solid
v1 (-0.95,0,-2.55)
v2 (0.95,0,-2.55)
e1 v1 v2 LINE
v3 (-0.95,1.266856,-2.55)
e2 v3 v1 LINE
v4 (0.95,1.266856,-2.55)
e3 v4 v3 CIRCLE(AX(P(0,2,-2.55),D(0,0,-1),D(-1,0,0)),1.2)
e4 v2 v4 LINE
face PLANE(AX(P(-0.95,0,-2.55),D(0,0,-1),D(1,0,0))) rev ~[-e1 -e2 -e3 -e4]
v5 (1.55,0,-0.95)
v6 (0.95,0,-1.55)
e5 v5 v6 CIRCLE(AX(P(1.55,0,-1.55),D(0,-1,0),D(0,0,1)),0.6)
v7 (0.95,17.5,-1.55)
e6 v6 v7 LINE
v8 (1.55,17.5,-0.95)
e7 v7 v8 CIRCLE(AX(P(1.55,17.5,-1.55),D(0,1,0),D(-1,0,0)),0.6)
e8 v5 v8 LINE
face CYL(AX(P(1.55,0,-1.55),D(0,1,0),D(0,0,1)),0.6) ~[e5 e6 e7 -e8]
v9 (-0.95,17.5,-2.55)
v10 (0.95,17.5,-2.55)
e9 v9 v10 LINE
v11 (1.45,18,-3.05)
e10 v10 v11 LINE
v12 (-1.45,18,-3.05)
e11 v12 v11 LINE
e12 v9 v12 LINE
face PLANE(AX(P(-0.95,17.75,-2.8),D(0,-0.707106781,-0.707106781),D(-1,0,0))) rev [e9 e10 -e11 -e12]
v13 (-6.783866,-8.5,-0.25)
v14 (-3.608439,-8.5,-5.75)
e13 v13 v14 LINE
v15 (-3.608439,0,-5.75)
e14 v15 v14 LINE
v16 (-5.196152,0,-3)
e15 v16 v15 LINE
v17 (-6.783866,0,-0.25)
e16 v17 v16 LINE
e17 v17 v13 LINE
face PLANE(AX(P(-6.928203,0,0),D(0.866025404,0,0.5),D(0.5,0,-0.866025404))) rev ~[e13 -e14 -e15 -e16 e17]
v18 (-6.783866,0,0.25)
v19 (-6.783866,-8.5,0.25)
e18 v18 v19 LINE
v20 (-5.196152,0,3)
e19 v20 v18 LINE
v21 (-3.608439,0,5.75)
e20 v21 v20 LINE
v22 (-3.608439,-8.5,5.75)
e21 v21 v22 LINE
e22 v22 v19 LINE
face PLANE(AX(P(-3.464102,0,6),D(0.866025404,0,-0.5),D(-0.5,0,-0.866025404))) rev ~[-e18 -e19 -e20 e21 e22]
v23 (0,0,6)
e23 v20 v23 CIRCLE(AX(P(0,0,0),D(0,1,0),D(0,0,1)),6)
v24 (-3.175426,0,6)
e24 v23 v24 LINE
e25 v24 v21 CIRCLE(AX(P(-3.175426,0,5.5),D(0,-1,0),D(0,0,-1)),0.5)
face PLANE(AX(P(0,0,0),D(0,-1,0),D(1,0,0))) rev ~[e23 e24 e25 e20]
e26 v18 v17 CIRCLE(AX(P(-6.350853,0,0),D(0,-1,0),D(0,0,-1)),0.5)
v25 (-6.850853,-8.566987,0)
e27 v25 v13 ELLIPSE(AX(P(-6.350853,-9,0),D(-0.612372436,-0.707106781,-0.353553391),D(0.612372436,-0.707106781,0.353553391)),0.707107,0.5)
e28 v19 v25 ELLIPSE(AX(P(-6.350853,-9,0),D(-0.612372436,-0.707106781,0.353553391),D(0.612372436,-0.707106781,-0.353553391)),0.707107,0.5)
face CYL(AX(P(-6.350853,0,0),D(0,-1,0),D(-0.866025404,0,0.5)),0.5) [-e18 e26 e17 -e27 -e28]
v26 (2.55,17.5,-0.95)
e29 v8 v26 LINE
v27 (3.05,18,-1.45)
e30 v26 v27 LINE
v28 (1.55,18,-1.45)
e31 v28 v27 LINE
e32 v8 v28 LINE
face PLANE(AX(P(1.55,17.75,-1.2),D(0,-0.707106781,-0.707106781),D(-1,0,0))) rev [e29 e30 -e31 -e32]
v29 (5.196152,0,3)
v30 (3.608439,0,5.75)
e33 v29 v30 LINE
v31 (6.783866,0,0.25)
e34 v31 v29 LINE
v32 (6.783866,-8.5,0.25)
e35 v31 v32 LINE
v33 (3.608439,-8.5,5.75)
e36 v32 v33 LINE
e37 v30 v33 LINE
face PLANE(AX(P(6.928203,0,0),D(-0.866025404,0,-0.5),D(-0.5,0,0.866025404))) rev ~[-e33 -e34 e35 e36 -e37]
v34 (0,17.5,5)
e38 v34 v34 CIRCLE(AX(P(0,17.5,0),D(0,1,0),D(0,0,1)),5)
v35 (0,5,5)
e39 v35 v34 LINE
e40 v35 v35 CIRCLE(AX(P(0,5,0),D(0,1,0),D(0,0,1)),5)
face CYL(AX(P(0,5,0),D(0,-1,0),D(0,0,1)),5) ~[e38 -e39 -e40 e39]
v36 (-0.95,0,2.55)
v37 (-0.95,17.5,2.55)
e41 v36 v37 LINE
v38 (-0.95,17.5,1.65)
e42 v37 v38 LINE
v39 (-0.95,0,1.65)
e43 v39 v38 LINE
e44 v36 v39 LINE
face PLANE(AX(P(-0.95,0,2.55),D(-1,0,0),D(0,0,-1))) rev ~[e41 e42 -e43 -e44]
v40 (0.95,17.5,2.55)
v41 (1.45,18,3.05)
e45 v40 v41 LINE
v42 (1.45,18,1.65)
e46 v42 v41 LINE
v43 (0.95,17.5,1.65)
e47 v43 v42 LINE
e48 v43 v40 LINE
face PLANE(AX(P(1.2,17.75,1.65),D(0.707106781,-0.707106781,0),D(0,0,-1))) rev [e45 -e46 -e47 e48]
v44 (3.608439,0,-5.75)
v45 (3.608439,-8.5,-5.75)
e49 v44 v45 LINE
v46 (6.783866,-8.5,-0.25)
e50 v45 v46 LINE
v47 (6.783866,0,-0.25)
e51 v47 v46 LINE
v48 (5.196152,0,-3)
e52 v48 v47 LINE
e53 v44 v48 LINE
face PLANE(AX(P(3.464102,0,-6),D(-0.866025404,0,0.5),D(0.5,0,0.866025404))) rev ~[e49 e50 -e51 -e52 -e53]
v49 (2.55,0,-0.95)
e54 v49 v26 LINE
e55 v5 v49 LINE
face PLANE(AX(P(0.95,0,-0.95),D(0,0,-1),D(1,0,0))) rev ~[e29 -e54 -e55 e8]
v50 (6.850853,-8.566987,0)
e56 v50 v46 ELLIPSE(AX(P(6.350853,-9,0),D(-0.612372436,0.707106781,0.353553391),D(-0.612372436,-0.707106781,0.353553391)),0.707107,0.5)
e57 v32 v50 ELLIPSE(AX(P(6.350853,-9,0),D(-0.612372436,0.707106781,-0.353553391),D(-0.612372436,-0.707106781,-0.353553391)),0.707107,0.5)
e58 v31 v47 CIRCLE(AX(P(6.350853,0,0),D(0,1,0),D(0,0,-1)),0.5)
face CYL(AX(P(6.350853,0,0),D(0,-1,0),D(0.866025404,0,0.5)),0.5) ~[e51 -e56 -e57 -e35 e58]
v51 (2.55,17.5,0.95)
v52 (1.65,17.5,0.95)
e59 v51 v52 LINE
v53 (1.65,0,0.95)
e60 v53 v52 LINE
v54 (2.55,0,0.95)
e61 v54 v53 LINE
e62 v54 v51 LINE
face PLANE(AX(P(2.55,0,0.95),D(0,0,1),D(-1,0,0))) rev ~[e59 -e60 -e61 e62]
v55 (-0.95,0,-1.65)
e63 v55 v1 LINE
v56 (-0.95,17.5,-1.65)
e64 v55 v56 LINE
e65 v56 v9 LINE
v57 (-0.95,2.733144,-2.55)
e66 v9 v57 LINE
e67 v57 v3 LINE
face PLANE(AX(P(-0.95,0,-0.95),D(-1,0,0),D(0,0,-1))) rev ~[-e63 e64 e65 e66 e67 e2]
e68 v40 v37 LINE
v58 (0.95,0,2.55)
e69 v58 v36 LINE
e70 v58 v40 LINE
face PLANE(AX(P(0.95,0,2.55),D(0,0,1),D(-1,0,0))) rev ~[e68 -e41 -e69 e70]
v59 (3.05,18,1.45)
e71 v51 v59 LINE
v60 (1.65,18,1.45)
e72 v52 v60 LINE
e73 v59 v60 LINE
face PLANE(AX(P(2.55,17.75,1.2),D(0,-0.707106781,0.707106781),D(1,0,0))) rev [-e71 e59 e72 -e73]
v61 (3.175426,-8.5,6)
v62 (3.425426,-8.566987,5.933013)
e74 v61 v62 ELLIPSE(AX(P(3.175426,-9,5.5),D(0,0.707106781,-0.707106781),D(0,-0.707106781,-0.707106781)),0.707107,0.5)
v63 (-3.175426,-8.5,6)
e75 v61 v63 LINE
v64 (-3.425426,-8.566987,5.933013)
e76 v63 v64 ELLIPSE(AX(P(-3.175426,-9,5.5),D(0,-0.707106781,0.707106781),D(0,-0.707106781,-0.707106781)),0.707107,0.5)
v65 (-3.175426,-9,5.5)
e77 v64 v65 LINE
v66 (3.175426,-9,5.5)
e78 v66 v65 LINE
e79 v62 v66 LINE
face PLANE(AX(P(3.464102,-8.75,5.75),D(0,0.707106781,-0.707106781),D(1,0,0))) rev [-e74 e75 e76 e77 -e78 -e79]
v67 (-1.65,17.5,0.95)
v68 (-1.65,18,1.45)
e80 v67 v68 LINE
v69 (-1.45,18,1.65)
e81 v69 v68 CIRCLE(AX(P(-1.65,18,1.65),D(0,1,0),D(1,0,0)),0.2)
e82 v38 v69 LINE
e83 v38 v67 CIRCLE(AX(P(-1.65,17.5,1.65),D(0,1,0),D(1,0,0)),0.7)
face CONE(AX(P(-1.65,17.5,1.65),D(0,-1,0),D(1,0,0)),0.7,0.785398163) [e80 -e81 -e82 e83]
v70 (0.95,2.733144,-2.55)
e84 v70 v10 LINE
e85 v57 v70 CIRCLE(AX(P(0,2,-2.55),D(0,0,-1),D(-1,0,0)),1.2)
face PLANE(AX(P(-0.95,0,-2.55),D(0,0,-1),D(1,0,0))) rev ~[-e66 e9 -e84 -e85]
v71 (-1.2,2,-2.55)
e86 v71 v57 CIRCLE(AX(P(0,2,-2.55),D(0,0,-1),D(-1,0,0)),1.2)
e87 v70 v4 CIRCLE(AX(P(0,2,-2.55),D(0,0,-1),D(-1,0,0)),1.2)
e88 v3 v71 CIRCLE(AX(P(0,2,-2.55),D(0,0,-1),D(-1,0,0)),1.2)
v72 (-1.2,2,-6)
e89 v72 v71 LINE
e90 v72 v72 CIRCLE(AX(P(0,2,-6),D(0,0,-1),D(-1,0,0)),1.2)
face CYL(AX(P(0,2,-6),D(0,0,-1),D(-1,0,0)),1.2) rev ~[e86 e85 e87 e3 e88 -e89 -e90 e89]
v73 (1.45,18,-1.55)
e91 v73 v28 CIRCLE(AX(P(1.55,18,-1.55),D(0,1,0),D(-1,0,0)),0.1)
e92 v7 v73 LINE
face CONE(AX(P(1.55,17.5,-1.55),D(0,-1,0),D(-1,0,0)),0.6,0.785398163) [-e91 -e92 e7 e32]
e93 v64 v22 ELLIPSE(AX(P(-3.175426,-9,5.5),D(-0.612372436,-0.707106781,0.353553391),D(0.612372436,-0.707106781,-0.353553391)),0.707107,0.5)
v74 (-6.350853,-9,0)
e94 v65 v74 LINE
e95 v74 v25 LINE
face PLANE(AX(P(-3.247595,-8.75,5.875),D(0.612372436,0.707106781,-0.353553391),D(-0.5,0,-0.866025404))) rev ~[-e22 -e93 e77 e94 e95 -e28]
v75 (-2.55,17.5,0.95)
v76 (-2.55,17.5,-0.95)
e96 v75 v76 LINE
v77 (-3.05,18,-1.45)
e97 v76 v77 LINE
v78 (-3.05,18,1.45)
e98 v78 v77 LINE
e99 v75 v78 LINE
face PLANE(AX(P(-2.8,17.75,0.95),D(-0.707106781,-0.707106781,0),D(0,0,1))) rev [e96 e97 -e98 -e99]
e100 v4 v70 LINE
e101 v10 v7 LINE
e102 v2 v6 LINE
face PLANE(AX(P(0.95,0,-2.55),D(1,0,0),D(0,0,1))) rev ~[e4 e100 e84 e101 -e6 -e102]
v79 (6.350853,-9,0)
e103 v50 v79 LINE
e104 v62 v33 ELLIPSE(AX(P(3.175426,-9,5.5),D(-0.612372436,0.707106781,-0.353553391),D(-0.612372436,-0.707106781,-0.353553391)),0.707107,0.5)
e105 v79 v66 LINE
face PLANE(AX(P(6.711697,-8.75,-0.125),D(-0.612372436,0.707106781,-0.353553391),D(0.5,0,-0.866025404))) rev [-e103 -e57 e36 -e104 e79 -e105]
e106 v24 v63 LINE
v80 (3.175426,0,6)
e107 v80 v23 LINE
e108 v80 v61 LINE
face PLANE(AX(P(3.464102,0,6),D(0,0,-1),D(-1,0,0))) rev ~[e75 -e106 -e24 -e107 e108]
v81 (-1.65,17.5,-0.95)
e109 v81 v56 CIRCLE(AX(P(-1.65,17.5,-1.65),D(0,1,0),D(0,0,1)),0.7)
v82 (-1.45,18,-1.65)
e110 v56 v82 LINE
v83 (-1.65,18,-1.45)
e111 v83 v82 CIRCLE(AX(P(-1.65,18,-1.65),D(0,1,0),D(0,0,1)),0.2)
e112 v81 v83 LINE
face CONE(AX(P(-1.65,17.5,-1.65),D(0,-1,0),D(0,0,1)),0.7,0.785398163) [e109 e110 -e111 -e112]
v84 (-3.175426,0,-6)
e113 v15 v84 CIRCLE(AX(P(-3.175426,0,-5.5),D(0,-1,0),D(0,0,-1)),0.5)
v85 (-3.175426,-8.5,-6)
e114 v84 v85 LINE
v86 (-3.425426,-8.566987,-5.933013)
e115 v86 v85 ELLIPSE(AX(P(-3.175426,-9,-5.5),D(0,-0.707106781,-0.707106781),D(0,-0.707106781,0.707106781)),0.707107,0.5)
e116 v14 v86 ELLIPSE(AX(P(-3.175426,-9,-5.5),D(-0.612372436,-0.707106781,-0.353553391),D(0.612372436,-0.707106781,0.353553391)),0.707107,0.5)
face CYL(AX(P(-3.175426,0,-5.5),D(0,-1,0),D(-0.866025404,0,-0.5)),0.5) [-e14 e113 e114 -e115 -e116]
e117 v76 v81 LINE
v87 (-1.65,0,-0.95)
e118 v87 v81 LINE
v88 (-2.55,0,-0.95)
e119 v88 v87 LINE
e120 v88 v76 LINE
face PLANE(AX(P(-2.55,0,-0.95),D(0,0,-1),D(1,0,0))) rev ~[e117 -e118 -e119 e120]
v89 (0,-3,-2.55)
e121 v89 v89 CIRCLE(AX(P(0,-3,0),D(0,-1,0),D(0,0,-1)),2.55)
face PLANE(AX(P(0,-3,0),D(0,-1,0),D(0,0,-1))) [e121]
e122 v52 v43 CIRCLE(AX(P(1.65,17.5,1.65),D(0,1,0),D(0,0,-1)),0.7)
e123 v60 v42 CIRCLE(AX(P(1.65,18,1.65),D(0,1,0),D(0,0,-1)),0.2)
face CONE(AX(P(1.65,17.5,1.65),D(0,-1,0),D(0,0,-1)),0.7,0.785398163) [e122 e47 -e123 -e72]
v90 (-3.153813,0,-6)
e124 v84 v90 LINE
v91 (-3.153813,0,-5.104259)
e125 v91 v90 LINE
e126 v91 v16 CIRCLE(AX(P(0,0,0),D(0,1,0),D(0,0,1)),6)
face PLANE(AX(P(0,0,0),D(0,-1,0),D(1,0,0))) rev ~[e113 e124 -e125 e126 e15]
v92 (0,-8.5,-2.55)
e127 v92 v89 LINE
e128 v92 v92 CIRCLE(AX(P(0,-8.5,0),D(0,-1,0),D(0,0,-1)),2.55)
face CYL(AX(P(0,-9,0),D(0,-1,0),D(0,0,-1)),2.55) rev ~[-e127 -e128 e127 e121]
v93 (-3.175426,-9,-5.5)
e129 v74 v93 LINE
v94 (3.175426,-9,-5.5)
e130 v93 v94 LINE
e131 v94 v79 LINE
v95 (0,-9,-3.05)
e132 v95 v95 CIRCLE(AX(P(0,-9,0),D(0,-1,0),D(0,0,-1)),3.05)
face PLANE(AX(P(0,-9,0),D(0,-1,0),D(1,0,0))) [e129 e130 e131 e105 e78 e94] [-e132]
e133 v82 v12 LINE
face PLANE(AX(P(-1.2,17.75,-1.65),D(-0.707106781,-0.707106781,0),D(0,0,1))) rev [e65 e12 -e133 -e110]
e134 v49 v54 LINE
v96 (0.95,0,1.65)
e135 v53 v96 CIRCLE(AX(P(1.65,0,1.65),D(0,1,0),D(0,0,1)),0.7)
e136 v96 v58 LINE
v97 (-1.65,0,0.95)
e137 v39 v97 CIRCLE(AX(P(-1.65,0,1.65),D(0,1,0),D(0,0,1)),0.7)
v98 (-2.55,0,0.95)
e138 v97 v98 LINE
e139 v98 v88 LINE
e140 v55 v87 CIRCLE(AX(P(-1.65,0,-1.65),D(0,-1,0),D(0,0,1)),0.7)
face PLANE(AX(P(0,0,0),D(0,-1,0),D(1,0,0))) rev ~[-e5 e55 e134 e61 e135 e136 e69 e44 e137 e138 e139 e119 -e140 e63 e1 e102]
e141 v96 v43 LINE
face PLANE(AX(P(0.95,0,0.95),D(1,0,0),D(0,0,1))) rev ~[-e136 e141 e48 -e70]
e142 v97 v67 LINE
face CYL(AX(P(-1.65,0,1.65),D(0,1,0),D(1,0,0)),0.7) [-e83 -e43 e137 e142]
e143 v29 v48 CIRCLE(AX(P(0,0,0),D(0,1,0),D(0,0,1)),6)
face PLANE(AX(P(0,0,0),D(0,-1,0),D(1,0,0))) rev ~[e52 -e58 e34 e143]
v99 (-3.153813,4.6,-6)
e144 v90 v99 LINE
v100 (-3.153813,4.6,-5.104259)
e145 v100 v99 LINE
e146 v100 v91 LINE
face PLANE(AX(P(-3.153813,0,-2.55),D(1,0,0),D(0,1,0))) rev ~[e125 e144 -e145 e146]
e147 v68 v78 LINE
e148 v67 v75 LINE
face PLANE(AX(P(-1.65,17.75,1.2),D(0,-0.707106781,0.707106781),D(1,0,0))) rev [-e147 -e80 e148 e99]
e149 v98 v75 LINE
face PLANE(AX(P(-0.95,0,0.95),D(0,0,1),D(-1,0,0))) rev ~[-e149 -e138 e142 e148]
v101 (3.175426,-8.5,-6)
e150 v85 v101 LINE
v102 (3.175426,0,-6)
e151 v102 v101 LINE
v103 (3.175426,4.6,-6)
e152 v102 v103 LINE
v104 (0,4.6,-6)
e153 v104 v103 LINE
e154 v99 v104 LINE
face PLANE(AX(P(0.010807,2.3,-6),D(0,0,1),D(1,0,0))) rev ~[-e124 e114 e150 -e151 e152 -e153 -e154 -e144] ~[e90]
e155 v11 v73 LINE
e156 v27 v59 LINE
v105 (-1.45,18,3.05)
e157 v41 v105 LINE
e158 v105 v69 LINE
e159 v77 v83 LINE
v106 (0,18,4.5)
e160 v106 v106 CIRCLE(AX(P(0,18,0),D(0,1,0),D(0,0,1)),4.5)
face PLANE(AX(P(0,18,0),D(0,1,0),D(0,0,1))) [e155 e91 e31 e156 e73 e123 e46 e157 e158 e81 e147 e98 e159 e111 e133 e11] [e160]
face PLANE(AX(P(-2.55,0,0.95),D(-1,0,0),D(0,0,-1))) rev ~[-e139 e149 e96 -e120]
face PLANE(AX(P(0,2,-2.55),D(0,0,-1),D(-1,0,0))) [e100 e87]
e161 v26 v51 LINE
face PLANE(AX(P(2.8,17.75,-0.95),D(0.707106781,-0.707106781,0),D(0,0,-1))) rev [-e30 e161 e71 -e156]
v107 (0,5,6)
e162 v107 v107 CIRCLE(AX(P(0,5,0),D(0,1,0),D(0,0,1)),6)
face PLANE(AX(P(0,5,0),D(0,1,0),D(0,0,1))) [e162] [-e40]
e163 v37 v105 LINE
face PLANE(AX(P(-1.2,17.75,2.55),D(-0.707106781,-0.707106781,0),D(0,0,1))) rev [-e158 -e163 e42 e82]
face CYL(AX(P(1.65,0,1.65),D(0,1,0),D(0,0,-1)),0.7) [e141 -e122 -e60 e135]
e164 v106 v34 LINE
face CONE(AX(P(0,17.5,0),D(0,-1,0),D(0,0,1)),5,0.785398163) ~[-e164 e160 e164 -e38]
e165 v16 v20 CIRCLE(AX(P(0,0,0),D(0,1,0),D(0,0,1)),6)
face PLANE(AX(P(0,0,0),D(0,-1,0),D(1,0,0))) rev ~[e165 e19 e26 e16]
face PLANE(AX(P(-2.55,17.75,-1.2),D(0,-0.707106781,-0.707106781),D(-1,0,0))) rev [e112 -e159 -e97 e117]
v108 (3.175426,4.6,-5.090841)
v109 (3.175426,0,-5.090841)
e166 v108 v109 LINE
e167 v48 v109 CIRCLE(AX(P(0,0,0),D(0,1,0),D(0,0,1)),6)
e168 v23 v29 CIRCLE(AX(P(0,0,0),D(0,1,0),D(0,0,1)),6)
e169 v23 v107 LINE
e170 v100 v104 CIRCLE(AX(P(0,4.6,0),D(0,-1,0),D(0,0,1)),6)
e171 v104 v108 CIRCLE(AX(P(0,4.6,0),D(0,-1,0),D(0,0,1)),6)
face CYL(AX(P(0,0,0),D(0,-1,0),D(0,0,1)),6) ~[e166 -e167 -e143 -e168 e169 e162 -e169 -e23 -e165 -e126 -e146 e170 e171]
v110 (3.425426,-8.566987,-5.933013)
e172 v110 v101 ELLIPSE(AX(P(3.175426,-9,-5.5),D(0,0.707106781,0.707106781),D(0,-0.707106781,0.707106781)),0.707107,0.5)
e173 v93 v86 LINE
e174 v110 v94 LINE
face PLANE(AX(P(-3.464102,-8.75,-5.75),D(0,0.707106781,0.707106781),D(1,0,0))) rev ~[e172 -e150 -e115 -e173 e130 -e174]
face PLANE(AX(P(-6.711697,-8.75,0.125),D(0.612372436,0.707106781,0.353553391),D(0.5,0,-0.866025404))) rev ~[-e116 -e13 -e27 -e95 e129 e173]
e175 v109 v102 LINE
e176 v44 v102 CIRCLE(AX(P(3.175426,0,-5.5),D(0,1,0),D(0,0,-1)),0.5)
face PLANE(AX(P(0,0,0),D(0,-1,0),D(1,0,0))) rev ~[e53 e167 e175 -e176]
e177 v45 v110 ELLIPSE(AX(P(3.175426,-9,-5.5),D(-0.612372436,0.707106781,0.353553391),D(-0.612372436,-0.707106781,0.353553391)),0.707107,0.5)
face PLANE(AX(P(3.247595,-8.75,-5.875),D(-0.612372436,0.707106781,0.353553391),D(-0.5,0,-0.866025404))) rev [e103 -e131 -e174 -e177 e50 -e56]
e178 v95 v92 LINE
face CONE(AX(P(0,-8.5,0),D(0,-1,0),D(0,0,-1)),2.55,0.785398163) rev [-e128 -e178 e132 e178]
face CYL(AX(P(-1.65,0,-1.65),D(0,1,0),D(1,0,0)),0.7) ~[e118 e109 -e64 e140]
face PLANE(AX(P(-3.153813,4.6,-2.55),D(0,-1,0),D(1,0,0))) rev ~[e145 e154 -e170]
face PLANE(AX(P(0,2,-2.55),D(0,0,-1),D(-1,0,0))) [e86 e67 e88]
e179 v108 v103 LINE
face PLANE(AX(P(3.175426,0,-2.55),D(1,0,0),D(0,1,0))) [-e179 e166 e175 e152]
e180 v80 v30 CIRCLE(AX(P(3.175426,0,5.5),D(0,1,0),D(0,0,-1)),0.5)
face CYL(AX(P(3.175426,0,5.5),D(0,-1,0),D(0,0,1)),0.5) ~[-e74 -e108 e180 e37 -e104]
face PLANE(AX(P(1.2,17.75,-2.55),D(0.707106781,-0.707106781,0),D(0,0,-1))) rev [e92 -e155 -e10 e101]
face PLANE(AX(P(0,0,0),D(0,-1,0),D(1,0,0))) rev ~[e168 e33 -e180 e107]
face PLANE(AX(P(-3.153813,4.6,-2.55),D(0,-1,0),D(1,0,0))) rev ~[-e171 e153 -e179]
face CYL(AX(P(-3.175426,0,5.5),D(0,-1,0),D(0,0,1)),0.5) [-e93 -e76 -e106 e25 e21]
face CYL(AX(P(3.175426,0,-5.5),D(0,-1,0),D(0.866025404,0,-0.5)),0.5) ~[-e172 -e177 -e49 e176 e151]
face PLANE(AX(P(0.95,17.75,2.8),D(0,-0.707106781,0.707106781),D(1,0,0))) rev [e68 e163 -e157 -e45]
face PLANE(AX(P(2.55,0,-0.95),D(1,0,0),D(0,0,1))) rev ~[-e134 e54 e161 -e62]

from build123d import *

# Parameters (mm, degrees)
SKETCH_1_R          = 6
EXTRUDE_4_DEPTH     = 18
FILLET_1_R          = 0.6
FILLET_6_R          = 0.7
EXTRUDE_5_DEPTH     = 9
SKETCH_3_R          = 2.55
CUT_EXTRUDE_1_DEPTH = 6
CHAMFER_1_SIZE      = 0.5
FILLET_4_R          = 0.5
FILLET_5_R          = 0.5
SKETCH_4_W          = 6.329239392
SKETCH_4_H          = 4.6
EXTRUDE_6_DEPTH     = 3.45
SKETCH_5_R          = 1.2
CUT_EXTRUDE_2_DEPTH = 3.45
CUT_EXTRUDE_START   = -13
SKETCH_7_R          = 6
SKETCH_7_R_2        = 5
CUT_EXTRUDE_4_DEPTH = 13
CHAMFER_2_SIZE      = 0.5


with BuildPart() as part:
    # ｽｹｯﾁ1 → ﾎﾞｽ - 押し出し4 (new body)
    with BuildSketch(Plane(origin=(0, 0, 0), x_dir=(1, 0, 0), z_dir=(0, 1, 0))):
        with Locations(Location((0, 0, 0), (0, 0, 270))):
            Circle(SKETCH_1_R)
        Polygon((-2.55, -0.95), (-2.55, 0.95), (-0.95, 0.95), (-0.95, 2.55), (0.95, 2.55), (0.95, 0.95), (2.55, 0.95), (2.55, -0.95), (0.95, -0.95), (0.95, -2.55), (-0.95, -2.55), (-0.95, -0.95), align=None, mode=Mode.SUBTRACT)
    extrude(amount=EXTRUDE_4_DEPTH)

    # ﾌｨﾚｯﾄ1
    fillet_1_edges = [part.edges().sort_by_distance(p)[0] for p in [
        (0.95, 9, -0.95),
    ]]
    fillet(fillet_1_edges, radius=FILLET_1_R)

    # ﾌｨﾚｯﾄ6
    fillet_6_edges = [part.edges().sort_by_distance(p)[0] for p in [
        (-0.95, 9, -0.95),
        (-0.95, 9, 0.95),
        (0.95, 9, 0.95),
    ]]
    fillet(fillet_6_edges, radius=FILLET_6_R)

    # ｽｹｯﾁ2 → ﾎﾞｽ - 押し出し5 (add)
    with BuildSketch(Plane.XZ):
        Polygon((6.92820323, 0), (3.464101615, 6), (-3.464101615, 6), (-6.92820323, 0), (-3.464101615, -6), (3.464101615, -6), align=None)
    extrude(amount=EXTRUDE_5_DEPTH)

    # ｽｹｯﾁ3 → ｶｯﾄ - 押し出し1 (cut)
    with BuildSketch(Plane.XZ.offset(9)):
        with Locations(Location((0, 0, 0), (0, 0, 270))):
            Circle(SKETCH_3_R)
    extrude(amount=-CUT_EXTRUDE_1_DEPTH, mode=Mode.SUBTRACT)

    # 面取り1
    chamfer_1_edges = [part.edges().sort_by_distance(p)[0] for p in [
        (0, -9, 2.55),
        (5.196152423, -9, -3),
        (5.196152423, -9, 3),
        (0, -9, 6),
        (-5.196152423, -9, 3),
        (-5.196152423, -9, -3),
        (0, -9, -6),
    ]]
    chamfer(chamfer_1_edges, length=CHAMFER_1_SIZE)

    # ﾌｨﾚｯﾄ4
    fillet_4_edges = [part.edges().sort_by_distance(p)[0] for p in [
        (-3.464101615, -4.25, 6),
    ]]
    fillet(fillet_4_edges, radius=FILLET_4_R)

    # ﾌｨﾚｯﾄ5
    fillet_5_edges = [part.edges().sort_by_distance(p)[0] for p in [
        (3.464101615, -4.25, -6),
        (-3.464101615, -4.25, -6),
        (-6.92820323, -4.25, 0),
        (3.464101615, -4.25, 6),
        (6.92820323, -4.25, 0),
    ]]
    fillet(fillet_5_edges, radius=FILLET_5_R)

    # ｽｹｯﾁ4 → ﾎﾞｽ - 押し出し6 (add)
    with BuildSketch(Plane.XY.offset(-2.55)):
        with Locations((0.010806785, 2.3)):
            Rectangle(SKETCH_4_W, SKETCH_4_H)
    extrude(amount=-EXTRUDE_6_DEPTH)

    # ｽｹｯﾁ5 → ｶｯﾄ - 押し出し2 (cut)
    with BuildSketch(Plane(origin=(0, 0, -6), x_dir=(-1, 0, 0), z_dir=(0, 0, -1))):
        with Locations((0, 2)):
            Circle(SKETCH_5_R)
    extrude(amount=-CUT_EXTRUDE_2_DEPTH, mode=Mode.SUBTRACT)

    # ｽｹｯﾁ7 → ｶｯﾄ - 押し出し4 (cut)
    with BuildSketch(Plane(origin=(0, 18, 0), x_dir=(1, 0, 0), z_dir=(0, 1, 0)).offset(CUT_EXTRUDE_START)):
        with Locations(Location((0, 0, 0), (0, 0, 270))):
            Circle(SKETCH_7_R)
        with Locations(Location((0, 0, 0), (0, 0, 270))):
            Circle(SKETCH_7_R_2, mode=Mode.SUBTRACT)
    extrude(amount=CUT_EXTRUDE_4_DEPTH, mode=Mode.SUBTRACT)

    # 面取り2
    chamfer_2_edges = [part.edges().sort_by_distance(p)[0] for p in [
        (0, 18, -5),
        (2.55, 18, 0),
        (-2.1, 18, -0.95),
        (-2.1, 18, 0.95),
        (-2.55, 18, 0),
        (2.05, 18, -0.95),
        (1.125735931, 18, -1.125735931),
        (-0.95, 18, 2.1),
        (2.1, 18, 0.95),
        (0.95, 18, 2.1),
        (1.155025253, 18, 1.155025253),
        (-1.155025253, 18, -1.155025253),
        (-1.155025253, 18, 1.155025253),
        (0.95, 18, -2.05),
        (0, 18, -2.55),
        (0, 18, 2.55),
        (-0.95, 18, -2.1),
    ]]
    chamfer(chamfer_2_edges, length=CHAMFER_2_SIZE)


solid = part.part
